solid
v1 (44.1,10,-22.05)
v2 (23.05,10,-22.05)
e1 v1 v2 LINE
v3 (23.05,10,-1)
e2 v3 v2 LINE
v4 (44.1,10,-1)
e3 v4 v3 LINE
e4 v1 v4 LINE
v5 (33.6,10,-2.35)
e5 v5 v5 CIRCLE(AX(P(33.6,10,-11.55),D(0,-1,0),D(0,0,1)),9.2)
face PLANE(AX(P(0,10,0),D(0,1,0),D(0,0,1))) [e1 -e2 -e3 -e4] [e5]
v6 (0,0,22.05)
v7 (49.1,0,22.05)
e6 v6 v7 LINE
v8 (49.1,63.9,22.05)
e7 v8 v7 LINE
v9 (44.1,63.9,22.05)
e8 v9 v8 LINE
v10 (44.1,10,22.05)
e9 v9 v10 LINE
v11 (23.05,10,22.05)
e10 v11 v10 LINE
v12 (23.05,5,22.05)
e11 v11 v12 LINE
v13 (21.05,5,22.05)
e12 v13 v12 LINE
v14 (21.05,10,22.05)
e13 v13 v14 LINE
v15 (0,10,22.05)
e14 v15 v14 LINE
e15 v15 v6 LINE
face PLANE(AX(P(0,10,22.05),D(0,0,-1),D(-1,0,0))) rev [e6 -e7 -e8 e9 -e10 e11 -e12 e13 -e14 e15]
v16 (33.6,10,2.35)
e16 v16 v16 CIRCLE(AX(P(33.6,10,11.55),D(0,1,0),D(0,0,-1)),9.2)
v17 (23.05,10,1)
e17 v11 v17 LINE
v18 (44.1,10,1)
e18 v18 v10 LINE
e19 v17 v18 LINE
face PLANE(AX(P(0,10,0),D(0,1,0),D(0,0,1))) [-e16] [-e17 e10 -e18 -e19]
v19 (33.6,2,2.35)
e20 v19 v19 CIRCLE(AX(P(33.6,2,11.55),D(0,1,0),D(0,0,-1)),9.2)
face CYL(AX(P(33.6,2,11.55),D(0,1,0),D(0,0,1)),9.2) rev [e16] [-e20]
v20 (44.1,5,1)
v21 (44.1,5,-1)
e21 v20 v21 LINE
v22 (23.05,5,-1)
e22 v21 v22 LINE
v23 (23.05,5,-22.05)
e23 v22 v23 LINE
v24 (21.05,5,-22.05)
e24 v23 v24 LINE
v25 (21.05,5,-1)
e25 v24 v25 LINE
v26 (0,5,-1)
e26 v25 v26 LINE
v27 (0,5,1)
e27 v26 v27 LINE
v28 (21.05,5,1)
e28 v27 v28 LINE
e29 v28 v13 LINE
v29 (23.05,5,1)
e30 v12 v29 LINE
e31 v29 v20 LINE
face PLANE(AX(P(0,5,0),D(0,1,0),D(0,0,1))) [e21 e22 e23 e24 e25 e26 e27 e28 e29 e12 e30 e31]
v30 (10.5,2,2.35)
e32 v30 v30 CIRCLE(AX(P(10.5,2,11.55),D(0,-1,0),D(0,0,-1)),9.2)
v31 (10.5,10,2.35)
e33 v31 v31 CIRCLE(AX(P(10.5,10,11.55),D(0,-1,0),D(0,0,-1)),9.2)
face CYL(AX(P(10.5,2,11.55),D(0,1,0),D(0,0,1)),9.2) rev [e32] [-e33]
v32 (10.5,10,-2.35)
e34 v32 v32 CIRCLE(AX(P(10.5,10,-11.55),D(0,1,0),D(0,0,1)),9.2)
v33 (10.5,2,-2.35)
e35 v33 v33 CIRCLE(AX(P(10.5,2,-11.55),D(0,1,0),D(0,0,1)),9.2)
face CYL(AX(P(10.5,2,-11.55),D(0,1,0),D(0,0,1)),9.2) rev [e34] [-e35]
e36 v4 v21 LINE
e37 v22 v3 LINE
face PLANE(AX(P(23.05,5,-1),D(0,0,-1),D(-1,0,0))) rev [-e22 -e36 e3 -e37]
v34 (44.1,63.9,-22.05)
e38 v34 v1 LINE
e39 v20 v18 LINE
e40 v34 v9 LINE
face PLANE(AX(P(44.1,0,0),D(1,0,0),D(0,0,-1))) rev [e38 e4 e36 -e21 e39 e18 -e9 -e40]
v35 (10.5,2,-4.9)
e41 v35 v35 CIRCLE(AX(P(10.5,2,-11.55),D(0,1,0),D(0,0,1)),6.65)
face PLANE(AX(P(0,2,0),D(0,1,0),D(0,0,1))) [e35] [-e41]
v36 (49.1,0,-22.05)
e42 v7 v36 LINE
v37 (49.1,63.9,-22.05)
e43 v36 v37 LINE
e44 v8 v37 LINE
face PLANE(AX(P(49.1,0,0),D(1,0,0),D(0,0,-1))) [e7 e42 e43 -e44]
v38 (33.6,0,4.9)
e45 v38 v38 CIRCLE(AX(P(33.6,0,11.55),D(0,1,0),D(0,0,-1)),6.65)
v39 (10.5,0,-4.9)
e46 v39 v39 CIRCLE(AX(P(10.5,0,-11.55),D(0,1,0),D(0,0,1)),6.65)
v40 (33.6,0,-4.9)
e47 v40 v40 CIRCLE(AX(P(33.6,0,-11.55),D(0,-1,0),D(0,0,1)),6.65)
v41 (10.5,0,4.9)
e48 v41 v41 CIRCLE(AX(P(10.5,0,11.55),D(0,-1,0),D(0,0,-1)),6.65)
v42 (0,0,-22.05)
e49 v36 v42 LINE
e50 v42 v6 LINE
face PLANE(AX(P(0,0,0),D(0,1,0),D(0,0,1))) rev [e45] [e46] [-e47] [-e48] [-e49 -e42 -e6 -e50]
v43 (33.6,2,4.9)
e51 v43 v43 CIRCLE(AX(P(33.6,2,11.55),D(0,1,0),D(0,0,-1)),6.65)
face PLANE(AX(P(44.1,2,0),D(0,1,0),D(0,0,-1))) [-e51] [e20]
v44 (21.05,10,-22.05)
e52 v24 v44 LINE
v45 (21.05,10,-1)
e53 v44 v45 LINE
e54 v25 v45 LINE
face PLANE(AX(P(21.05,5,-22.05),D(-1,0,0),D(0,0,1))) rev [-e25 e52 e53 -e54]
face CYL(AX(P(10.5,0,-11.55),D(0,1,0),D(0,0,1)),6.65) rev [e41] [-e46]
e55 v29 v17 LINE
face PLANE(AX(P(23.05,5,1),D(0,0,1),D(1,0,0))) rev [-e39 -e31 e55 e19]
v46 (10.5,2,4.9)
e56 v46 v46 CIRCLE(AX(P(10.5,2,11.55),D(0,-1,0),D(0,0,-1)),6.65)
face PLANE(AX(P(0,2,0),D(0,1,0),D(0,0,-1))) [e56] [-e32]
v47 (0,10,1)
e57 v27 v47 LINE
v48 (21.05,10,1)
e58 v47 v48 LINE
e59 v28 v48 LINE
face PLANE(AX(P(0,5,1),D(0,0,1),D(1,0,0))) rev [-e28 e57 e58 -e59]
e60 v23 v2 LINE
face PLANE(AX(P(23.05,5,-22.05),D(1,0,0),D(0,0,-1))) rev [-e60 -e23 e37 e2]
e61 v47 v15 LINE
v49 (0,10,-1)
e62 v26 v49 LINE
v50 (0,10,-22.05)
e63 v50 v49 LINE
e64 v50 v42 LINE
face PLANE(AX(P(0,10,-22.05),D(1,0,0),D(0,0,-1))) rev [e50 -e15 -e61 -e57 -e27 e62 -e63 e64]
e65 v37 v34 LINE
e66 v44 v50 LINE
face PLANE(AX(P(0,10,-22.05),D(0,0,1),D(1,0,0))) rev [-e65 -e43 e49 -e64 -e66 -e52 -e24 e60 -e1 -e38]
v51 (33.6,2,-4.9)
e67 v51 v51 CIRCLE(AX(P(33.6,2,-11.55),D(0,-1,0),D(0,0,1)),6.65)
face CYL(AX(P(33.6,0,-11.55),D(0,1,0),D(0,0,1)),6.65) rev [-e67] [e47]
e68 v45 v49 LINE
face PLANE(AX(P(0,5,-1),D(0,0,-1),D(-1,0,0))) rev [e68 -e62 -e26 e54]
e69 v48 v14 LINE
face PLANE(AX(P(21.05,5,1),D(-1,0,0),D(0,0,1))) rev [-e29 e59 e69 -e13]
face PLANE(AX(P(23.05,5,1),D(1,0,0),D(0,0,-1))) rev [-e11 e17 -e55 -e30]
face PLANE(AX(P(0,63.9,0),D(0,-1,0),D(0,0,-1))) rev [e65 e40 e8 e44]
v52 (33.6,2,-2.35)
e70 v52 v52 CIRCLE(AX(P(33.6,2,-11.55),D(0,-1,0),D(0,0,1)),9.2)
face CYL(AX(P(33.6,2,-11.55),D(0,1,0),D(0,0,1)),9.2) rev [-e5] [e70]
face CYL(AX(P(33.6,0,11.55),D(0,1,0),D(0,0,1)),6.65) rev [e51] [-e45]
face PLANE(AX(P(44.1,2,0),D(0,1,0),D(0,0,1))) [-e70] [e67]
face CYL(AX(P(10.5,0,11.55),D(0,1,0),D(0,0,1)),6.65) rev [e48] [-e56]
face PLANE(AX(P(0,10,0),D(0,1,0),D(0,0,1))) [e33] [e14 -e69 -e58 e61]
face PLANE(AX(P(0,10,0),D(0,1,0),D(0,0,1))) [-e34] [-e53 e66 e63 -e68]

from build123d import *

# Parameters (mm, degrees)
SKETCH1_W               = 44.1
SKETCH1_H               = 44.1
BOSS_EXTRUDE1_DEPTH     = 10
SKETCH2_R               = 9.2
CUT_EXTRUDE1_DEPTH      = 8
SKETCH5_R               = 6.65
CUT_EXTRUDE4_DEPTH      = 50.9501001
MIRROR2_COPY_1_SKETCH_R = 9.2
MIRROR2_COPY_1_DEPTH    = 8
MIRROR2_COPY_2_SKETCH_R = 6.65
MIRROR2_COPY_2_DEPTH    = 50.9501001
CUT_EXTRUDE3_DEPTH      = 5
SKETCH6_W               = 44.1
SKETCH6_H               = 10
BOSS_EXTRUDE2_DEPTH     = 5
SKETCH7_W               = 5
SKETCH7_H               = 44.1
BOSS_EXTRUDE3_DEPTH     = 53.9


with BuildPart() as part:
    # Sketch1 → Boss-Extrude1 (new body)
    with BuildSketch(Plane(origin=(0, 0, 0), x_dir=(1, 0, 0), z_dir=(0, 1, 0))):
        with Locations((22.05, 0)):
            Rectangle(SKETCH1_W, SKETCH1_H)
    extrude(amount=BOSS_EXTRUDE1_DEPTH)

    # Sketch2 → Cut-Extrude1 (cut)
    with BuildSketch(Plane(origin=(0, 10, 0), x_dir=(1, 0, 0), z_dir=(0, 1, 0))):
        with Locations(Location((10.5, 11.55, 0), (0, 0, 270))):
            Circle(SKETCH2_R)
    cut_extrude1 = extrude(amount=-CUT_EXTRUDE1_DEPTH, mode=Mode.SUBTRACT)

    # Sketch5 → Cut-Extrude4 (cut, through all)
    with BuildSketch(Plane(origin=(0, 2, 0), x_dir=(1, 0, 0), z_dir=(0, 1, 0))):
        with Locations(Location((10.5, 11.55, 0), (0, 0, 270))):
            Circle(SKETCH5_R)
    cut_extrude4 = extrude(amount=-CUT_EXTRUDE4_DEPTH, mode=Mode.SUBTRACT)

    # Mirror1: Cut-Extrude1, Cut-Extrude4 across plane
    add(cut_extrude1.mirror(Plane.XY), mode=Mode.SUBTRACT)
    add(cut_extrude4.mirror(Plane.XY), mode=Mode.SUBTRACT)

    # Mirror2: Cut-Extrude1, Cut-Extrude4 across plane
    add(cut_extrude1.mirror(Plane(origin=(22.05, 0, 0), x_dir=(0, 0, 1), z_dir=(1, 0, 0))), mode=Mode.SUBTRACT)
    add(cut_extrude4.mirror(Plane(origin=(22.05, 0, 0), x_dir=(0, 0, 1), z_dir=(1, 0, 0))), mode=Mode.SUBTRACT)

    # Mirror2 copy 1 sketch → Mirror2 copy 1 (cut)
    with BuildSketch(Plane(origin=(44.1, 10, 0), x_dir=(-1, 0, 0), z_dir=(0, 1, 0))):
        with Locations(Location((10.5, 11.55, 0), (0, 0, 270))):
            Circle(MIRROR2_COPY_1_SKETCH_R)
    extrude(amount=-MIRROR2_COPY_1_DEPTH, mode=Mode.SUBTRACT)

    # Mirror2 copy 2 sketch → Mirror2 copy 2 (cut, through all)
    with BuildSketch(Plane(origin=(44.1, 2, 0), x_dir=(-1, 0, 0), z_dir=(0, 1, 0))):
        with Locations(Location((10.5, 11.55, 0), (0, 0, 270))):
            Circle(MIRROR2_COPY_2_SKETCH_R)
    extrude(amount=-MIRROR2_COPY_2_DEPTH, mode=Mode.SUBTRACT)

    # Sketch4 → Cut-Extrude3 (cut)
    with BuildSketch(Plane(origin=(0, 10, 0), x_dir=(1, 0, 0), z_dir=(0, 1, 0))):
        Polygon((21.05, 22.05), (23.05, 22.05), (23.05, 1), (46.251393124, 1), (46.251393124, -1), (23.05, -1), (23.05, -23.362709558), (21.05, -23.362709558), (21.05, -1), (0, -1), (0, 1), (21.05, 1), align=None)
    extrude(amount=-CUT_EXTRUDE3_DEPTH, mode=Mode.SUBTRACT)

    # Sketch6 → Boss-Extrude2 (add)
    with BuildSketch(Plane(origin=(44.1, 0, 0), x_dir=(0, 0, -1), z_dir=(1, 0, 0))):
        with Locations((0, 5)):
            Rectangle(SKETCH6_W, SKETCH6_H)
    extrude(amount=BOSS_EXTRUDE2_DEPTH)

    # Sketch7 → Boss-Extrude3 (add)
    with BuildSketch(Plane(origin=(0, 10, 0), x_dir=(1, 0, 0), z_dir=(0, 1, 0))):
        with Locations((46.6, 0)):
            Rectangle(SKETCH7_W, SKETCH7_H)
    extrude(amount=BOSS_EXTRUDE3_DEPTH)


solid = part.part
